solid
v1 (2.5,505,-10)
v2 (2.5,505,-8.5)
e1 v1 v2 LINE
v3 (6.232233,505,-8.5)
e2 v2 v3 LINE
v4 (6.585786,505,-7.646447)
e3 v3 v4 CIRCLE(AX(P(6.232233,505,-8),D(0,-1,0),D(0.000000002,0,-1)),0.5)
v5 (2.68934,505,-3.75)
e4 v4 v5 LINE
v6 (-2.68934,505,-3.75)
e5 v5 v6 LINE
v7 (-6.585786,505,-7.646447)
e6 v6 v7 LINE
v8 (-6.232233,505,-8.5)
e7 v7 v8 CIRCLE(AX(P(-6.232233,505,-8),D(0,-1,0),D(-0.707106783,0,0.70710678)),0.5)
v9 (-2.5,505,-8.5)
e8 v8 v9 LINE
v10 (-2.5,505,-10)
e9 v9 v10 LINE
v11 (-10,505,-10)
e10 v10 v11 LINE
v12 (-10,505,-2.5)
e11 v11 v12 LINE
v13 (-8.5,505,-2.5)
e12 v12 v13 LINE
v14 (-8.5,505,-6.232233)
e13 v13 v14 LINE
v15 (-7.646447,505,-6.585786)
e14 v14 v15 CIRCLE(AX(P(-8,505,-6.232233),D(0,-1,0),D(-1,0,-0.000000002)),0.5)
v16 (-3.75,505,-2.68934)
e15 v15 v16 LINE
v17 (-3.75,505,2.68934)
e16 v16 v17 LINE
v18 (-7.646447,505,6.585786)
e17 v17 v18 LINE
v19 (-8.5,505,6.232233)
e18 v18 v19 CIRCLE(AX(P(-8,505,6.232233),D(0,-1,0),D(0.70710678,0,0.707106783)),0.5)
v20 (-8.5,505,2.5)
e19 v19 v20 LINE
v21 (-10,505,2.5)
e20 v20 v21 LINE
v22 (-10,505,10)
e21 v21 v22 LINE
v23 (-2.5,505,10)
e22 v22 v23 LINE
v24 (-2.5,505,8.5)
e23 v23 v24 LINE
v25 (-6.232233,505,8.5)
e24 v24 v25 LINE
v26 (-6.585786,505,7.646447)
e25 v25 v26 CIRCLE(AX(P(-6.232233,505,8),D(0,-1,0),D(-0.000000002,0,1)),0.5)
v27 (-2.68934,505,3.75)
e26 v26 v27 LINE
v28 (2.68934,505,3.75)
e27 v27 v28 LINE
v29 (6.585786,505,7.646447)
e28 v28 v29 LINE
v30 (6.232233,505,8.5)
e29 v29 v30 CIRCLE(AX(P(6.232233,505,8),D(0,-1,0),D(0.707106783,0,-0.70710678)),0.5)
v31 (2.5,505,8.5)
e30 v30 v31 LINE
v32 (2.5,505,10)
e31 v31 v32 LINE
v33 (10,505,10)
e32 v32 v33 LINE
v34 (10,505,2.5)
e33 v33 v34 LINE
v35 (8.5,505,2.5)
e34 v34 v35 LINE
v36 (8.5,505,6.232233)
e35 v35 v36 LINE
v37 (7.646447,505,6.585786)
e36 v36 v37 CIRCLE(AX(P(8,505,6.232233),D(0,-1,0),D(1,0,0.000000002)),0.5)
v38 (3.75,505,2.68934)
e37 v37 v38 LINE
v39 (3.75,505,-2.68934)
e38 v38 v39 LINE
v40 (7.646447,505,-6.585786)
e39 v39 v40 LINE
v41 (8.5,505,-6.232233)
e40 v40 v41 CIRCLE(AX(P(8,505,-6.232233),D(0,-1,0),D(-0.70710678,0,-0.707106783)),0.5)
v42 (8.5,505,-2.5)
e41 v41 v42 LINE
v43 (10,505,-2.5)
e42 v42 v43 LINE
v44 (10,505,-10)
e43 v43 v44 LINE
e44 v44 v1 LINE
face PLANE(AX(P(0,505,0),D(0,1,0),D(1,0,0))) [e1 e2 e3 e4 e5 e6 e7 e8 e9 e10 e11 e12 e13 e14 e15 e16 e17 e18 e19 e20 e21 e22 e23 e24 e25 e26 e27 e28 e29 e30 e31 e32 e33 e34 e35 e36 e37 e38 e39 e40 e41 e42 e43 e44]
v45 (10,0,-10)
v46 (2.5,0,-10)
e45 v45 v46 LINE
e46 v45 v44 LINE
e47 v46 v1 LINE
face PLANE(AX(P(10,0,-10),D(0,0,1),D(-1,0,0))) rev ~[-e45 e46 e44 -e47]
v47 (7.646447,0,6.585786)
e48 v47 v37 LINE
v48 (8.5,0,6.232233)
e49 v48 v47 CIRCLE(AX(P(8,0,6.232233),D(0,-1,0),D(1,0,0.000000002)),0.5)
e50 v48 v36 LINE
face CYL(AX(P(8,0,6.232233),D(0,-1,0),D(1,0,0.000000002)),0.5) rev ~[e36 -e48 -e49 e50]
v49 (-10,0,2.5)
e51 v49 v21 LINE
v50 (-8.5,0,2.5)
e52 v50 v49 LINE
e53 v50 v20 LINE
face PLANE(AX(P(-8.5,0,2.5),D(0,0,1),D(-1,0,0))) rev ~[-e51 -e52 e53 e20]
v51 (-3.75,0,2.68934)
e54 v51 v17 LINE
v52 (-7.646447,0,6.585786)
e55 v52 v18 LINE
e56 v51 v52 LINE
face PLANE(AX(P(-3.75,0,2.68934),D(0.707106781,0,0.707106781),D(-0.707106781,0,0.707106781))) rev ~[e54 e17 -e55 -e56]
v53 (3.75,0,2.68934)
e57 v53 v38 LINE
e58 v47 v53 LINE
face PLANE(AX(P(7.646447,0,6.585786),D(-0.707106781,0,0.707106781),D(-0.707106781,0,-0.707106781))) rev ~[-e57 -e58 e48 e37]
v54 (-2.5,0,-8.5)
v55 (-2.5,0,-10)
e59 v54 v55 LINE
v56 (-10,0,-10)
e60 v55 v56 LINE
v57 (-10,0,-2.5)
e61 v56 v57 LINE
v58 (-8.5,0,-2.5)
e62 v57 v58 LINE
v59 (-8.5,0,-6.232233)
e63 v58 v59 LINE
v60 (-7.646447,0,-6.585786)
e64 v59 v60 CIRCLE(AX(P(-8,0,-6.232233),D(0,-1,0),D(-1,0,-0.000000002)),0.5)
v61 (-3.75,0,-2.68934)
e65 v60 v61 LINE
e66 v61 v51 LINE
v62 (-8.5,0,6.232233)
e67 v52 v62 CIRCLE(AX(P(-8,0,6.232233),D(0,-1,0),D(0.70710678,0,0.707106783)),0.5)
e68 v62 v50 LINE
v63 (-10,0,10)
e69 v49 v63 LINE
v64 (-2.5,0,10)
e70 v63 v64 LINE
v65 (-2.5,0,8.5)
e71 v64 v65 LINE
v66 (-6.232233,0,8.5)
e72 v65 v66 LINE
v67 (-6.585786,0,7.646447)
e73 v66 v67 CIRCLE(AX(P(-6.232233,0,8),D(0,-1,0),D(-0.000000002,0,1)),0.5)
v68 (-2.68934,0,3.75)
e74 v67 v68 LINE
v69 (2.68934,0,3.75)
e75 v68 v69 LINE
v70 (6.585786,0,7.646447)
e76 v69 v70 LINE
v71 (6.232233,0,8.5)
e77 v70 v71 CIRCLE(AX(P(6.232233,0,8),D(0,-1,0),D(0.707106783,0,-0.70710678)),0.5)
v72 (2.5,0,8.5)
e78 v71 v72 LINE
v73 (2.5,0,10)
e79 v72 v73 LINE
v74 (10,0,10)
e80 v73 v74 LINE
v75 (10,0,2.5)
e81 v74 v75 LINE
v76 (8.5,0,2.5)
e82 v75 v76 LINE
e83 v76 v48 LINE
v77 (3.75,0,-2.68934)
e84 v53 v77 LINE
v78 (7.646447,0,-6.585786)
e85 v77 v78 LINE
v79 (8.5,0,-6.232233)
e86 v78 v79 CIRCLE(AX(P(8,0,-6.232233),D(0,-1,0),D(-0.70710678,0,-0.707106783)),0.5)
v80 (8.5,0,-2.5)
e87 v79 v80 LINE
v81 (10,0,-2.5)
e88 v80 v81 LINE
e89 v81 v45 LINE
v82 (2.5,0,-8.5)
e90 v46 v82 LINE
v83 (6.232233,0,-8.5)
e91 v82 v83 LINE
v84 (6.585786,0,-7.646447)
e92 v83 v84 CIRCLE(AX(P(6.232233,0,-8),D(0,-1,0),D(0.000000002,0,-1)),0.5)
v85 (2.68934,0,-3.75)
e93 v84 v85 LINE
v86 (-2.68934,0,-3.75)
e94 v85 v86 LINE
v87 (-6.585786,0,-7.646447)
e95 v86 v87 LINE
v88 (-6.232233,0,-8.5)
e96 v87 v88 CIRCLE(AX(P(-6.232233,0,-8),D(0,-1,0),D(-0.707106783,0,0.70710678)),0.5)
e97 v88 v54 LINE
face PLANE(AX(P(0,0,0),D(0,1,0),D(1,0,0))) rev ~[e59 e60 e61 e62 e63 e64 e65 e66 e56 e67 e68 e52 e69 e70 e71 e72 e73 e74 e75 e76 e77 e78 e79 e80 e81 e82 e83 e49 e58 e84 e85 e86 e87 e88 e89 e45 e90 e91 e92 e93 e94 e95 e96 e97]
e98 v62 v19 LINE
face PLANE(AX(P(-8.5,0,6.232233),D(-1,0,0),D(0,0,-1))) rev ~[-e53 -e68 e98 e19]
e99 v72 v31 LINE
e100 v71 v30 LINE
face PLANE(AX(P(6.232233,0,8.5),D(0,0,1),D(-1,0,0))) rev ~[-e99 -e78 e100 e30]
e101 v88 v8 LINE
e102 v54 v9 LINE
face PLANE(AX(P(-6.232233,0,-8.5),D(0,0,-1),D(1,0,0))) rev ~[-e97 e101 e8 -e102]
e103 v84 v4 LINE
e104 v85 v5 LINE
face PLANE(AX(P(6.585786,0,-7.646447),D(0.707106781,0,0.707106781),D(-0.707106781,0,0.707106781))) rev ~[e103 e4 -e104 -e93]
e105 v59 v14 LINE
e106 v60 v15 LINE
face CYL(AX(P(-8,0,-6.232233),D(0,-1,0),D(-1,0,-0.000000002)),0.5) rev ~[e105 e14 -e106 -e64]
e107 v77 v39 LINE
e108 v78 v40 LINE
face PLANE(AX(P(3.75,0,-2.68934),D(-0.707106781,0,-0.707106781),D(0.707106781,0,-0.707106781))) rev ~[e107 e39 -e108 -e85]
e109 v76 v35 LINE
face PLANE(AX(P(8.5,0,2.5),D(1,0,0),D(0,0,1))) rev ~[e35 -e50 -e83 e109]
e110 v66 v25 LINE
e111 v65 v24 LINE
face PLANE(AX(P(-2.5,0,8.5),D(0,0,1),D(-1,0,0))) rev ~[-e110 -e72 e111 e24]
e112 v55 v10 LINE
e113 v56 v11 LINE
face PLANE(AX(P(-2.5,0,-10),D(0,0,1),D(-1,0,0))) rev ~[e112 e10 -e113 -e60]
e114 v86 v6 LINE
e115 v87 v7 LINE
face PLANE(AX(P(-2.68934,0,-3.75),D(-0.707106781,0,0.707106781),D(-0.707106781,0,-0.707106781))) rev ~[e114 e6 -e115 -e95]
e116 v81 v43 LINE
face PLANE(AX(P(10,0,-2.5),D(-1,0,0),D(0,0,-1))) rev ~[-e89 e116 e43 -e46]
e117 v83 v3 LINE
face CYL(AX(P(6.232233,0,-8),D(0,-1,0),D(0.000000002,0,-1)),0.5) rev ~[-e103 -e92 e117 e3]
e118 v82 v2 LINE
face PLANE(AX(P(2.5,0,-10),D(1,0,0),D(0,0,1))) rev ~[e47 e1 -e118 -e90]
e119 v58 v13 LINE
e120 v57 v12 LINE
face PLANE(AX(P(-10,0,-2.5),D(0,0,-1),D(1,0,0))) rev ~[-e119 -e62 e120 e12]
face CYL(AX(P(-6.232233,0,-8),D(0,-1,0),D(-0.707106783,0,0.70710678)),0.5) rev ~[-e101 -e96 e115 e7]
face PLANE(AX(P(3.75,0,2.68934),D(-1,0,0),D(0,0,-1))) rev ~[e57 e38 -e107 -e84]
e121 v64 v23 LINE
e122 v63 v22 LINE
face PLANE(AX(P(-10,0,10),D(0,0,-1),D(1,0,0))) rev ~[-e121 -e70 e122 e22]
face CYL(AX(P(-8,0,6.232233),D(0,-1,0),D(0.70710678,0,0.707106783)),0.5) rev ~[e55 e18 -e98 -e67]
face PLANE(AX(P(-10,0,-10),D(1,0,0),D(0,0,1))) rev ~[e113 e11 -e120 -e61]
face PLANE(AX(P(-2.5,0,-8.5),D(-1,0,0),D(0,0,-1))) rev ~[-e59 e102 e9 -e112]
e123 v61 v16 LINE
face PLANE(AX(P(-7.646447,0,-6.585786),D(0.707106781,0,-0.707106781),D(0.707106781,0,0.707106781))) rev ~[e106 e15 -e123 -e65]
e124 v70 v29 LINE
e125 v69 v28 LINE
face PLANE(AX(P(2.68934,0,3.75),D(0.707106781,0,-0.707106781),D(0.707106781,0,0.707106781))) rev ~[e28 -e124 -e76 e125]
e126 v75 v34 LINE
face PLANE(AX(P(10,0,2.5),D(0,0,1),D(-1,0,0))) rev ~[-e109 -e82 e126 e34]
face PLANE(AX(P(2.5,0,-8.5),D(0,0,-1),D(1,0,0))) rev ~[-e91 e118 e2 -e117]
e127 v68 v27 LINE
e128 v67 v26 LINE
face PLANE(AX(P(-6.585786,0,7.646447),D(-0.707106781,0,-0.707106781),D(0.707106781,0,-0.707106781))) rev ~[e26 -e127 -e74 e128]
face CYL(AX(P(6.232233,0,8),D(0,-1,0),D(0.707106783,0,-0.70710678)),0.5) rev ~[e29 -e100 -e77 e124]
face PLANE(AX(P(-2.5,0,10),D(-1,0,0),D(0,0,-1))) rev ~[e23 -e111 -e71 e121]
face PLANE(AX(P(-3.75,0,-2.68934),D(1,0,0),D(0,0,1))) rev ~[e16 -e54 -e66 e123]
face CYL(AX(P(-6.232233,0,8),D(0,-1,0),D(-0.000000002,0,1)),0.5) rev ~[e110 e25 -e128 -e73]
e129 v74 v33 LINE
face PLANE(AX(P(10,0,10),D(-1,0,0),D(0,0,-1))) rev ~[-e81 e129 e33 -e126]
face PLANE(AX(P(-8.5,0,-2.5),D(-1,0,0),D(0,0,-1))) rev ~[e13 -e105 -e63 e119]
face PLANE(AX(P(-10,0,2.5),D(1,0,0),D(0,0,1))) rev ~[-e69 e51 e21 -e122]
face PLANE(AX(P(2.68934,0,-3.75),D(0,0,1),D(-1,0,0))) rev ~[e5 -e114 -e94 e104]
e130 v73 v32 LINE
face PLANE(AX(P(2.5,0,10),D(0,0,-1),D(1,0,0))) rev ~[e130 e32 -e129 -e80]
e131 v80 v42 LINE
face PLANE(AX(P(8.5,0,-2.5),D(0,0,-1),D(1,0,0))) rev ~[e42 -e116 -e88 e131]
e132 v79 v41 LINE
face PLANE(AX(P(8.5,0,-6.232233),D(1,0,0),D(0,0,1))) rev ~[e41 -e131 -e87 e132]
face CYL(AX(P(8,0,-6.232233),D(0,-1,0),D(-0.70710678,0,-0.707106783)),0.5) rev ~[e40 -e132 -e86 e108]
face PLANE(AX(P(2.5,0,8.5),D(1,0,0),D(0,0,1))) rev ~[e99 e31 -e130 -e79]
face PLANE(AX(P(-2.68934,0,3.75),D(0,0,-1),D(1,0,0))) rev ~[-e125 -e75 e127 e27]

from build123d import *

# Parameters (mm, degrees)
BOSS_EXTRU_1_DEPTH = 505


with BuildPart() as part:
    # Esquisse1 → Boss.-Extru.1 (new body)
    with BuildSketch(Plane(origin=(0, 0, 0), x_dir=(1, 0, 0), z_dir=(0, 1, 0))):
        with BuildLine():
            Line((-10, -2.5), (-10, -10))
            Line((-10, -10), (-2.5, -10))
            Line((-2.5, -10), (-2.5, -8.5))
            Line((-2.5, -8.5), (-6.232233047, -8.5))
            ThreePointArc((-6.232233047, -8.5), (-6.694172813, -8.191341716), (-6.585786438, -7.646446609))
            Line((-6.585786438, -7.646446609), (-2.689339828, -3.75))
            Line((-2.689339828, -3.75), (2.689339828, -3.75))
            Line((2.689339828, -3.75), (6.585786438, -7.646446609))
            ThreePointArc((6.585786438, -7.646446609), (6.694172813, -8.191341716), (6.232233047, -8.5))
            Line((6.232233047, -8.5), (2.5, -8.5))
            Line((2.5, -8.5), (2.5, -10))
            Line((2.5, -10), (10, -10))
            Line((10, -10), (10, -2.5))
            Line((10, -2.5), (8.5, -2.5))
            Line((8.5, -2.5), (8.5, -6.232233047))
            ThreePointArc((8.5, -6.232233047), (8.191341716, -6.694172813), (7.646446609, -6.585786438))
            Line((7.646446609, -6.585786438), (3.75, -2.689339828))
            Line((3.75, -2.689339828), (3.75, 2.689339828))
            Line((3.75, 2.689339828), (7.646446609, 6.585786438))
            ThreePointArc((7.646446609, 6.585786438), (8.191341716, 6.694172813), (8.5, 6.232233047))
            Line((8.5, 6.232233047), (8.5, 2.5))
            Line((8.5, 2.5), (10, 2.5))
            Line((10, 2.5), (10, 10))
            Line((10, 10), (2.5, 10))
            Line((2.5, 10), (2.5, 8.5))
            Line((2.5, 8.5), (6.232233047, 8.5))
            ThreePointArc((6.232233047, 8.5), (6.694172813, 8.191341716), (6.585786438, 7.646446609))
            Line((6.585786438, 7.646446609), (2.689339828, 3.75))
            Line((2.689339828, 3.75), (-2.689339828, 3.75))
            Line((-2.689339828, 3.75), (-6.585786438, 7.646446609))
            ThreePointArc((-6.585786438, 7.646446609), (-6.694172813, 8.191341716), (-6.232233047, 8.5))
            Line((-6.232233047, 8.5), (-2.5, 8.5))
            Line((-2.5, 8.5), (-2.5, 10))
            Line((-2.5, 10), (-10, 10))
            Line((-10, 10), (-10, 2.5))
            Line((-10, 2.5), (-8.5, 2.5))
            Line((-8.5, 2.5), (-8.5, 6.232233047))
            ThreePointArc((-8.5, 6.232233047), (-8.191341716, 6.694172813), (-7.646446609, 6.585786438))
            Line((-7.646446609, 6.585786438), (-3.75, 2.689339828))
            Line((-3.75, 2.689339828), (-3.75, -2.689339828))
            Line((-3.75, -2.689339828), (-7.646446609, -6.585786438))
            ThreePointArc((-7.646446609, -6.585786438), (-8.191341716, -6.694172813), (-8.5, -6.232233047))
            Line((-8.5, -6.232233047), (-8.5, -2.5))
            Line((-8.5, -2.5), (-10, -2.5))
        make_face()
    extrude(amount=BOSS_EXTRU_1_DEPTH)


solid = part.part
